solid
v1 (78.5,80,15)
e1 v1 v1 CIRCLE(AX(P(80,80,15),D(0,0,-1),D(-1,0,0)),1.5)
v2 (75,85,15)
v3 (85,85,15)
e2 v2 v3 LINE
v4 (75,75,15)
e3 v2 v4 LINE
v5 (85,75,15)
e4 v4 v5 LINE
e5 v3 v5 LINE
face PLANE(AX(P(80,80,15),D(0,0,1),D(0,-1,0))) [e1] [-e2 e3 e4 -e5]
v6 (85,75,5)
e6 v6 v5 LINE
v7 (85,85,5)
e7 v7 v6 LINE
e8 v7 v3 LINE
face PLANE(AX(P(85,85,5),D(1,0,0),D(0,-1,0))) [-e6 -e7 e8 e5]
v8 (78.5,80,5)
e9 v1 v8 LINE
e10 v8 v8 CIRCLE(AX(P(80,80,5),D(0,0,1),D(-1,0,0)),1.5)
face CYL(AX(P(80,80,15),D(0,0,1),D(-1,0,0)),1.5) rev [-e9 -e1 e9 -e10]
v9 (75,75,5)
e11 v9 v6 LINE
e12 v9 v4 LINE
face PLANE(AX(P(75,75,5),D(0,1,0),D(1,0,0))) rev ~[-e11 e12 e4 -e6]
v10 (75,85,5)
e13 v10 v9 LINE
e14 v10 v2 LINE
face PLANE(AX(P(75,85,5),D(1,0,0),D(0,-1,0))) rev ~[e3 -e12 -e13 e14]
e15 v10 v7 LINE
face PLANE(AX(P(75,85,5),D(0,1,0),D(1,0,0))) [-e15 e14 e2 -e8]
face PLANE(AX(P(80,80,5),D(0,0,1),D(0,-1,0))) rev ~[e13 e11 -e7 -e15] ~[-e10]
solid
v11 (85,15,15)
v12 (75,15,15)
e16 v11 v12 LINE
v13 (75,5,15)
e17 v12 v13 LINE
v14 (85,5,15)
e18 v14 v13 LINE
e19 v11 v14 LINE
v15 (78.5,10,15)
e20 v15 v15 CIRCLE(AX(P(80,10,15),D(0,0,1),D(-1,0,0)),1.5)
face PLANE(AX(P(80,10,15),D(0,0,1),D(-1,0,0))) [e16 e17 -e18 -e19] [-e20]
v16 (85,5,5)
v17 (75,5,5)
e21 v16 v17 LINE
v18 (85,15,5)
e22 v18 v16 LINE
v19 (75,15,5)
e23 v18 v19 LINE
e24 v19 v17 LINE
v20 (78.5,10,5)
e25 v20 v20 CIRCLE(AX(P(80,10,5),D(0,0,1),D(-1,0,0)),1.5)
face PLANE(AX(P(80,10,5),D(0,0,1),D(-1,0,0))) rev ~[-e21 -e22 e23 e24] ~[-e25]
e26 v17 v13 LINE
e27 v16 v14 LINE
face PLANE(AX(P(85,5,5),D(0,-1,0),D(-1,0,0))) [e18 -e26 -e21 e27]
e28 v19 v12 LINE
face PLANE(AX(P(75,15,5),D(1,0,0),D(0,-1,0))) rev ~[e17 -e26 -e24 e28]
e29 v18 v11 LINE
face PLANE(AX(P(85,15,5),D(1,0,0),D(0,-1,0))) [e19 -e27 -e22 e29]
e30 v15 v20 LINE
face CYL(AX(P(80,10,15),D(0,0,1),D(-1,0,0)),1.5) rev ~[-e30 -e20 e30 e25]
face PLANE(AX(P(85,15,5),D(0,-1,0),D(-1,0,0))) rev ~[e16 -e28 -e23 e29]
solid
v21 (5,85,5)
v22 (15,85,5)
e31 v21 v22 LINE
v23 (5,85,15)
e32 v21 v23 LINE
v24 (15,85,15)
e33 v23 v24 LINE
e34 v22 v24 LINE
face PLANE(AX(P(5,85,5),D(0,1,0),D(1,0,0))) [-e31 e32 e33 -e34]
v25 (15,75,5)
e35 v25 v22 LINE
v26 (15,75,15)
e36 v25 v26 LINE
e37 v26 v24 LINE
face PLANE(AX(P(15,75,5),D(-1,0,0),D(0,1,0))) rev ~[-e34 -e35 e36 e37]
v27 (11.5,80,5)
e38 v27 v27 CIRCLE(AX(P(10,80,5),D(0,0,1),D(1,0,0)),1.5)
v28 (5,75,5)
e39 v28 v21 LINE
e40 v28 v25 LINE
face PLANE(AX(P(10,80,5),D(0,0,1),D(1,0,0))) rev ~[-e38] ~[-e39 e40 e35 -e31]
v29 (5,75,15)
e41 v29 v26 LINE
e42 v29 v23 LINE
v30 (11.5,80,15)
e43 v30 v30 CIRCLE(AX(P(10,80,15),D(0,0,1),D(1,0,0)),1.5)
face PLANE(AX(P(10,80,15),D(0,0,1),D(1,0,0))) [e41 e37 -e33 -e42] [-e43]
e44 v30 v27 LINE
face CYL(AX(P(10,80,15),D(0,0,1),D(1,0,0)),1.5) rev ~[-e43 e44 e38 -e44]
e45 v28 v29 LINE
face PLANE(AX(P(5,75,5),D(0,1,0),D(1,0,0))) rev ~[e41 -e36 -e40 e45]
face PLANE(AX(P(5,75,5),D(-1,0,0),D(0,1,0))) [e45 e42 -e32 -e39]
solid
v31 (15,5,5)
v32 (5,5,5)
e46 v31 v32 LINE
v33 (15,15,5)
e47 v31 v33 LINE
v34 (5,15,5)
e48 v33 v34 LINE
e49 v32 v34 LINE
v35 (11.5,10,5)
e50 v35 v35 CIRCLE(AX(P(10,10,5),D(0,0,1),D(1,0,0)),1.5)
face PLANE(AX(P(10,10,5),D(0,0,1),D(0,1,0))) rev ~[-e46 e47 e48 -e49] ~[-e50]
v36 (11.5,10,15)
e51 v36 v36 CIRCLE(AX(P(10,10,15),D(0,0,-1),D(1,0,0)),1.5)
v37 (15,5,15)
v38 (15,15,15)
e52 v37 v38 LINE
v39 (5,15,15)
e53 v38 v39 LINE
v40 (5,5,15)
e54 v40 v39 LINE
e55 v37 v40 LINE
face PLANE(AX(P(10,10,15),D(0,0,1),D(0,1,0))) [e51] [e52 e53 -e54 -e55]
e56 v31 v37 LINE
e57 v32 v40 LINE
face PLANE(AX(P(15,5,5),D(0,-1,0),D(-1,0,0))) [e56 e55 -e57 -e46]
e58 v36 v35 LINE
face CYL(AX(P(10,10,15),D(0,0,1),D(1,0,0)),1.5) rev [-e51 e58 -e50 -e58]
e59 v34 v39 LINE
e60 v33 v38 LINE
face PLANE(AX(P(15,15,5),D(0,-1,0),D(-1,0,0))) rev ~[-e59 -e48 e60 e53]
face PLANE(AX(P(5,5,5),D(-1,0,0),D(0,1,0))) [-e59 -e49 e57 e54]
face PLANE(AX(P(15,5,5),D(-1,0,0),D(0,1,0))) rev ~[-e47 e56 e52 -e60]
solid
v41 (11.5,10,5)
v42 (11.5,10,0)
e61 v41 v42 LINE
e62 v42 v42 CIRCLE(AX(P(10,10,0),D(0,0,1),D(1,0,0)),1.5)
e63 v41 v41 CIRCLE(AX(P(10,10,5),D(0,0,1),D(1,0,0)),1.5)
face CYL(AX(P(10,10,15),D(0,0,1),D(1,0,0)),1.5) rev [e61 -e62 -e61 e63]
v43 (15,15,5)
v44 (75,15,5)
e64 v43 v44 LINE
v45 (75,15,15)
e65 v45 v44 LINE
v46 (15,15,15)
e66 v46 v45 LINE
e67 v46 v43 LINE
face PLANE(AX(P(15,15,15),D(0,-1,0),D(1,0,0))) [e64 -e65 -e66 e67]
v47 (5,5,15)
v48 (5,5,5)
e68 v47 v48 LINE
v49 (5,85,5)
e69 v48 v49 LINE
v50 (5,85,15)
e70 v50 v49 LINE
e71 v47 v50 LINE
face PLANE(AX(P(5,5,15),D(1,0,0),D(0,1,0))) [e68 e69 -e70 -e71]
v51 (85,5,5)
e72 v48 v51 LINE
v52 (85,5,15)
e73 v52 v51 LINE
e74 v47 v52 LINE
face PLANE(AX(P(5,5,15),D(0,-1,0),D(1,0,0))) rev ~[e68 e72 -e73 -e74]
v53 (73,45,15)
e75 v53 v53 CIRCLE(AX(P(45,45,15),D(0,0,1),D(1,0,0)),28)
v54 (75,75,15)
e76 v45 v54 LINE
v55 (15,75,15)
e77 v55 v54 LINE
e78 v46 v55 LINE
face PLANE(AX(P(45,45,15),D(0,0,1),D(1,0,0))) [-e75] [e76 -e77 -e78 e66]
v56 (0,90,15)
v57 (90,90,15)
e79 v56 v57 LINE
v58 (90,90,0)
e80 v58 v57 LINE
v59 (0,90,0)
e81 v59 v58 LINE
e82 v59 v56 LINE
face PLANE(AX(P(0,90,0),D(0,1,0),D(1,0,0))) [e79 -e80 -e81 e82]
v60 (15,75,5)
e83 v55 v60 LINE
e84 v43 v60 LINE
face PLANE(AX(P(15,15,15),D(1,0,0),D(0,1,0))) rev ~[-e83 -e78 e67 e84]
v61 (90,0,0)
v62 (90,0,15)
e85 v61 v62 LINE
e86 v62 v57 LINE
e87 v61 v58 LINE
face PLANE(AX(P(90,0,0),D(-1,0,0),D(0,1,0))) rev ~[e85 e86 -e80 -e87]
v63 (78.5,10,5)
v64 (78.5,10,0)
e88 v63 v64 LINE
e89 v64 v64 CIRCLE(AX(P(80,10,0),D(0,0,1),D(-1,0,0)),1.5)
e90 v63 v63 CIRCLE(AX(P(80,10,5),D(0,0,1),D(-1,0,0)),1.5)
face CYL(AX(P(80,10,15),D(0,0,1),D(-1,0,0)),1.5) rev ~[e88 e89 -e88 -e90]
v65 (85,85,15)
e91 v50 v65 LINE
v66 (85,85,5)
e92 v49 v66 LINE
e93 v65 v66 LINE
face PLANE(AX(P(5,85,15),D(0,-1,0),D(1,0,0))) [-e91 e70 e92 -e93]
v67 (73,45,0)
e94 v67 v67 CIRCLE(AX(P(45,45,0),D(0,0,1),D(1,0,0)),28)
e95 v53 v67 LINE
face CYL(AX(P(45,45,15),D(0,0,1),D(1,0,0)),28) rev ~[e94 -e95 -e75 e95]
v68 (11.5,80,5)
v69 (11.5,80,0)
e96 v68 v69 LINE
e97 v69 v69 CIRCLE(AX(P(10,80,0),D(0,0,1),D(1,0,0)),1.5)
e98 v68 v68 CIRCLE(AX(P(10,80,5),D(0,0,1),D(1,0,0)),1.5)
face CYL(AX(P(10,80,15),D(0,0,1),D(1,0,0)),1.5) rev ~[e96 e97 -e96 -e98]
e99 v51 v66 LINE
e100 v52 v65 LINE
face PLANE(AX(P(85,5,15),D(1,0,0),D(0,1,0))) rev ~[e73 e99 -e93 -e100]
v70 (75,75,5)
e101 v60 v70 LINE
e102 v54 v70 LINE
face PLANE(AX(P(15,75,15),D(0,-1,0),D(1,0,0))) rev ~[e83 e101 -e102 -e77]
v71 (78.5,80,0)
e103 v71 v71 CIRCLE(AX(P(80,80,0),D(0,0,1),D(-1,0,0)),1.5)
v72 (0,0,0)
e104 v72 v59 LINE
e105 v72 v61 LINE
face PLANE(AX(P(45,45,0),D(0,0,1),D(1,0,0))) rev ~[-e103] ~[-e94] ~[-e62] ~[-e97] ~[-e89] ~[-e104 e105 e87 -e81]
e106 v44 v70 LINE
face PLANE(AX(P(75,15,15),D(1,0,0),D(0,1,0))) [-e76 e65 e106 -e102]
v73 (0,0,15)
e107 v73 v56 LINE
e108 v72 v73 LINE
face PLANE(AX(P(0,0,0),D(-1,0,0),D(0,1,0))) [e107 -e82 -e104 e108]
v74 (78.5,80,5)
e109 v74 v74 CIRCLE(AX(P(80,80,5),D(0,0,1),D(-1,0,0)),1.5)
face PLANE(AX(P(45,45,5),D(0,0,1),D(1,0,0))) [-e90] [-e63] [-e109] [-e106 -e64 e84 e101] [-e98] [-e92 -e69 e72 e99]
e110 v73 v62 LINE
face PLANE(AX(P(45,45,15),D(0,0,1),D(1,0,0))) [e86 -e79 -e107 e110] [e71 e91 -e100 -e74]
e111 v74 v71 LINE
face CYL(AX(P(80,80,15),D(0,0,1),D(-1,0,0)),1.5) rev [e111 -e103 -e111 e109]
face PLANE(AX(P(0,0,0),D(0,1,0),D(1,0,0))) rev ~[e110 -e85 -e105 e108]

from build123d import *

# Parameters (mm, degrees)
SKETCH2_W               = 90
SKETCH2_H               = 90
BOSS_EXTRUDE1_DEPTH     = 15
SKETCH3_W               = 80
SKETCH3_H               = 80
SKETCH3_W_2             = 60
SKETCH3_H_2             = 60
CUT_EXTRUDE1_DEPTH      = 10
SKETCH4_W               = 10
SKETCH4_H               = 10
BOSS_EXTRUDE5_DEPTH     = 10
CIRPATTERN3_COUNT       = 4
SKETCH5_R               = 28
CUT_EXTRUDE2_DEPTH      = 129.16005618
SKETCH6_R               = 1.5
CUT_EXTRUDE3_DEPTH      = 129.16005618
MIRROR2_COPY_1_SKETCH_R = 1.5
MIRROR2_COPY_1_DEPTH    = 129.16005618


with BuildPart() as part:
    # Sketch2 → Boss-Extrude1 (new body)
    with BuildSketch(Plane.XY):
        with Locations((45, 45)):
            Rectangle(SKETCH2_W, SKETCH2_H)
    extrude(amount=BOSS_EXTRUDE1_DEPTH)

    # Sketch3 → Cut-Extrude1 (cut)
    with BuildSketch(Plane.XY.offset(15)):
        with Locations((45, 45)):
            Rectangle(SKETCH3_W, SKETCH3_H)
        with Locations((45, 45)):
            Rectangle(SKETCH3_W_2, SKETCH3_H_2, mode=Mode.SUBTRACT)
    extrude(amount=-CUT_EXTRUDE1_DEPTH, mode=Mode.SUBTRACT)

    # Sketch5 → Cut-Extrude2 (cut, through all)
    with BuildSketch(Plane.XY.offset(15)):
        with Locations((45, 45)):
            Circle(SKETCH5_R)
    extrude(amount=-CUT_EXTRUDE2_DEPTH, mode=Mode.SUBTRACT)


with BuildPart() as body_2:
    # Sketch4 → Boss-Extrude5 (new, through all)
    with BuildSketch(Plane.XY.offset(5)):
        with Locations((10, 80)):
            Rectangle(SKETCH4_W, SKETCH4_H)
    extrude(amount=BOSS_EXTRUDE5_DEPTH)


with BuildPart() as cirpattern3_1:
    # CirPattern3: pattern copy
    add(body_2.part.rotate(Axis((45, 45, 0), (0, 0, 1)), 1 * 360 / CIRPATTERN3_COUNT))


with BuildPart() as cirpattern3_2:
    # CirPattern3: pattern copy
    add(body_2.part.rotate(Axis((45, 45, 0), (0, 0, 1)), 2 * 360 / CIRPATTERN3_COUNT))


with BuildPart() as cirpattern3_3:
    # CirPattern3: pattern copy
    add(body_2.part.rotate(Axis((45, 45, 0), (0, 0, 1)), 3 * 360 / CIRPATTERN3_COUNT))


with BuildPart() as cut_extrude3_tool:
    # Sketch6 → Cut-Extrude3 (new, through all)
    with BuildSketch(Plane.XY.offset(15)):
        with Locations((10, 80)):
            Circle(SKETCH6_R)
    cut_extrude3 = extrude(amount=-CUT_EXTRUDE3_DEPTH)


with BuildPart() as part_1:
    add(part.part)

    # Cut-Extrude3: cut by cut_extrude3_tool
    add(cut_extrude3_tool.part, mode=Mode.SUBTRACT)


with BuildPart() as body_2_1:
    add(body_2.part)

    # Cut-Extrude3: cut by cut_extrude3_tool
    add(cut_extrude3_tool.part, mode=Mode.SUBTRACT)


with BuildPart() as mirror1_tool:
    # Mirror1: Cut-Extrude3 across plane
    add(cut_extrude3.mirror(Plane(origin=(0, 45, 0), x_dir=(0, 0, 1), z_dir=(0, -1, 0))))


with BuildPart() as part_2:
    add(part_1.part)

    # Mirror1: cut by mirror1_tool
    add(mirror1_tool.part, mode=Mode.SUBTRACT)


with BuildPart() as cirpattern3_1_1:
    add(cirpattern3_1.part)

    # Mirror1: cut by mirror1_tool
    add(mirror1_tool.part, mode=Mode.SUBTRACT)


with BuildPart() as mirror2_tool:
    # Mirror2: Cut-Extrude3 across plane
    add(cut_extrude3.mirror(Plane.ZY.offset(-45)))


with BuildPart() as part_3:
    add(part_2.part)

    # Mirror2: cut by mirror2_tool
    add(mirror2_tool.part, mode=Mode.SUBTRACT)


with BuildPart() as cirpattern3_3_1:
    add(cirpattern3_3.part)

    # Mirror2: cut by mirror2_tool
    add(mirror2_tool.part, mode=Mode.SUBTRACT)


with BuildPart() as mirror2_copy_1_tool:
    # Mirror2 copy 1 sketch → Mirror2 copy 1 (new, through all)
    with BuildSketch(Plane(origin=(90, 90, 15), x_dir=(-1, 0, 0), z_dir=(0, 0, 1))):
        with Locations((10, 80)):
            Circle(MIRROR2_COPY_1_SKETCH_R)
    extrude(amount=-MIRROR2_COPY_1_DEPTH)


with BuildPart() as part_4:
    add(part_3.part)

    # Mirror2 copy 1: cut by mirror2_copy_1_tool
    add(mirror2_copy_1_tool.part, mode=Mode.SUBTRACT)


with BuildPart() as cirpattern3_2_1:
    add(cirpattern3_2.part)

    # Mirror2 copy 1: cut by mirror2_copy_1_tool
    add(mirror2_copy_1_tool.part, mode=Mode.SUBTRACT)


solid = Compound([body_2_1.part, cirpattern3_1_1.part, cirpattern3_3_1.part, part_4.part, cirpattern3_2_1.part])
